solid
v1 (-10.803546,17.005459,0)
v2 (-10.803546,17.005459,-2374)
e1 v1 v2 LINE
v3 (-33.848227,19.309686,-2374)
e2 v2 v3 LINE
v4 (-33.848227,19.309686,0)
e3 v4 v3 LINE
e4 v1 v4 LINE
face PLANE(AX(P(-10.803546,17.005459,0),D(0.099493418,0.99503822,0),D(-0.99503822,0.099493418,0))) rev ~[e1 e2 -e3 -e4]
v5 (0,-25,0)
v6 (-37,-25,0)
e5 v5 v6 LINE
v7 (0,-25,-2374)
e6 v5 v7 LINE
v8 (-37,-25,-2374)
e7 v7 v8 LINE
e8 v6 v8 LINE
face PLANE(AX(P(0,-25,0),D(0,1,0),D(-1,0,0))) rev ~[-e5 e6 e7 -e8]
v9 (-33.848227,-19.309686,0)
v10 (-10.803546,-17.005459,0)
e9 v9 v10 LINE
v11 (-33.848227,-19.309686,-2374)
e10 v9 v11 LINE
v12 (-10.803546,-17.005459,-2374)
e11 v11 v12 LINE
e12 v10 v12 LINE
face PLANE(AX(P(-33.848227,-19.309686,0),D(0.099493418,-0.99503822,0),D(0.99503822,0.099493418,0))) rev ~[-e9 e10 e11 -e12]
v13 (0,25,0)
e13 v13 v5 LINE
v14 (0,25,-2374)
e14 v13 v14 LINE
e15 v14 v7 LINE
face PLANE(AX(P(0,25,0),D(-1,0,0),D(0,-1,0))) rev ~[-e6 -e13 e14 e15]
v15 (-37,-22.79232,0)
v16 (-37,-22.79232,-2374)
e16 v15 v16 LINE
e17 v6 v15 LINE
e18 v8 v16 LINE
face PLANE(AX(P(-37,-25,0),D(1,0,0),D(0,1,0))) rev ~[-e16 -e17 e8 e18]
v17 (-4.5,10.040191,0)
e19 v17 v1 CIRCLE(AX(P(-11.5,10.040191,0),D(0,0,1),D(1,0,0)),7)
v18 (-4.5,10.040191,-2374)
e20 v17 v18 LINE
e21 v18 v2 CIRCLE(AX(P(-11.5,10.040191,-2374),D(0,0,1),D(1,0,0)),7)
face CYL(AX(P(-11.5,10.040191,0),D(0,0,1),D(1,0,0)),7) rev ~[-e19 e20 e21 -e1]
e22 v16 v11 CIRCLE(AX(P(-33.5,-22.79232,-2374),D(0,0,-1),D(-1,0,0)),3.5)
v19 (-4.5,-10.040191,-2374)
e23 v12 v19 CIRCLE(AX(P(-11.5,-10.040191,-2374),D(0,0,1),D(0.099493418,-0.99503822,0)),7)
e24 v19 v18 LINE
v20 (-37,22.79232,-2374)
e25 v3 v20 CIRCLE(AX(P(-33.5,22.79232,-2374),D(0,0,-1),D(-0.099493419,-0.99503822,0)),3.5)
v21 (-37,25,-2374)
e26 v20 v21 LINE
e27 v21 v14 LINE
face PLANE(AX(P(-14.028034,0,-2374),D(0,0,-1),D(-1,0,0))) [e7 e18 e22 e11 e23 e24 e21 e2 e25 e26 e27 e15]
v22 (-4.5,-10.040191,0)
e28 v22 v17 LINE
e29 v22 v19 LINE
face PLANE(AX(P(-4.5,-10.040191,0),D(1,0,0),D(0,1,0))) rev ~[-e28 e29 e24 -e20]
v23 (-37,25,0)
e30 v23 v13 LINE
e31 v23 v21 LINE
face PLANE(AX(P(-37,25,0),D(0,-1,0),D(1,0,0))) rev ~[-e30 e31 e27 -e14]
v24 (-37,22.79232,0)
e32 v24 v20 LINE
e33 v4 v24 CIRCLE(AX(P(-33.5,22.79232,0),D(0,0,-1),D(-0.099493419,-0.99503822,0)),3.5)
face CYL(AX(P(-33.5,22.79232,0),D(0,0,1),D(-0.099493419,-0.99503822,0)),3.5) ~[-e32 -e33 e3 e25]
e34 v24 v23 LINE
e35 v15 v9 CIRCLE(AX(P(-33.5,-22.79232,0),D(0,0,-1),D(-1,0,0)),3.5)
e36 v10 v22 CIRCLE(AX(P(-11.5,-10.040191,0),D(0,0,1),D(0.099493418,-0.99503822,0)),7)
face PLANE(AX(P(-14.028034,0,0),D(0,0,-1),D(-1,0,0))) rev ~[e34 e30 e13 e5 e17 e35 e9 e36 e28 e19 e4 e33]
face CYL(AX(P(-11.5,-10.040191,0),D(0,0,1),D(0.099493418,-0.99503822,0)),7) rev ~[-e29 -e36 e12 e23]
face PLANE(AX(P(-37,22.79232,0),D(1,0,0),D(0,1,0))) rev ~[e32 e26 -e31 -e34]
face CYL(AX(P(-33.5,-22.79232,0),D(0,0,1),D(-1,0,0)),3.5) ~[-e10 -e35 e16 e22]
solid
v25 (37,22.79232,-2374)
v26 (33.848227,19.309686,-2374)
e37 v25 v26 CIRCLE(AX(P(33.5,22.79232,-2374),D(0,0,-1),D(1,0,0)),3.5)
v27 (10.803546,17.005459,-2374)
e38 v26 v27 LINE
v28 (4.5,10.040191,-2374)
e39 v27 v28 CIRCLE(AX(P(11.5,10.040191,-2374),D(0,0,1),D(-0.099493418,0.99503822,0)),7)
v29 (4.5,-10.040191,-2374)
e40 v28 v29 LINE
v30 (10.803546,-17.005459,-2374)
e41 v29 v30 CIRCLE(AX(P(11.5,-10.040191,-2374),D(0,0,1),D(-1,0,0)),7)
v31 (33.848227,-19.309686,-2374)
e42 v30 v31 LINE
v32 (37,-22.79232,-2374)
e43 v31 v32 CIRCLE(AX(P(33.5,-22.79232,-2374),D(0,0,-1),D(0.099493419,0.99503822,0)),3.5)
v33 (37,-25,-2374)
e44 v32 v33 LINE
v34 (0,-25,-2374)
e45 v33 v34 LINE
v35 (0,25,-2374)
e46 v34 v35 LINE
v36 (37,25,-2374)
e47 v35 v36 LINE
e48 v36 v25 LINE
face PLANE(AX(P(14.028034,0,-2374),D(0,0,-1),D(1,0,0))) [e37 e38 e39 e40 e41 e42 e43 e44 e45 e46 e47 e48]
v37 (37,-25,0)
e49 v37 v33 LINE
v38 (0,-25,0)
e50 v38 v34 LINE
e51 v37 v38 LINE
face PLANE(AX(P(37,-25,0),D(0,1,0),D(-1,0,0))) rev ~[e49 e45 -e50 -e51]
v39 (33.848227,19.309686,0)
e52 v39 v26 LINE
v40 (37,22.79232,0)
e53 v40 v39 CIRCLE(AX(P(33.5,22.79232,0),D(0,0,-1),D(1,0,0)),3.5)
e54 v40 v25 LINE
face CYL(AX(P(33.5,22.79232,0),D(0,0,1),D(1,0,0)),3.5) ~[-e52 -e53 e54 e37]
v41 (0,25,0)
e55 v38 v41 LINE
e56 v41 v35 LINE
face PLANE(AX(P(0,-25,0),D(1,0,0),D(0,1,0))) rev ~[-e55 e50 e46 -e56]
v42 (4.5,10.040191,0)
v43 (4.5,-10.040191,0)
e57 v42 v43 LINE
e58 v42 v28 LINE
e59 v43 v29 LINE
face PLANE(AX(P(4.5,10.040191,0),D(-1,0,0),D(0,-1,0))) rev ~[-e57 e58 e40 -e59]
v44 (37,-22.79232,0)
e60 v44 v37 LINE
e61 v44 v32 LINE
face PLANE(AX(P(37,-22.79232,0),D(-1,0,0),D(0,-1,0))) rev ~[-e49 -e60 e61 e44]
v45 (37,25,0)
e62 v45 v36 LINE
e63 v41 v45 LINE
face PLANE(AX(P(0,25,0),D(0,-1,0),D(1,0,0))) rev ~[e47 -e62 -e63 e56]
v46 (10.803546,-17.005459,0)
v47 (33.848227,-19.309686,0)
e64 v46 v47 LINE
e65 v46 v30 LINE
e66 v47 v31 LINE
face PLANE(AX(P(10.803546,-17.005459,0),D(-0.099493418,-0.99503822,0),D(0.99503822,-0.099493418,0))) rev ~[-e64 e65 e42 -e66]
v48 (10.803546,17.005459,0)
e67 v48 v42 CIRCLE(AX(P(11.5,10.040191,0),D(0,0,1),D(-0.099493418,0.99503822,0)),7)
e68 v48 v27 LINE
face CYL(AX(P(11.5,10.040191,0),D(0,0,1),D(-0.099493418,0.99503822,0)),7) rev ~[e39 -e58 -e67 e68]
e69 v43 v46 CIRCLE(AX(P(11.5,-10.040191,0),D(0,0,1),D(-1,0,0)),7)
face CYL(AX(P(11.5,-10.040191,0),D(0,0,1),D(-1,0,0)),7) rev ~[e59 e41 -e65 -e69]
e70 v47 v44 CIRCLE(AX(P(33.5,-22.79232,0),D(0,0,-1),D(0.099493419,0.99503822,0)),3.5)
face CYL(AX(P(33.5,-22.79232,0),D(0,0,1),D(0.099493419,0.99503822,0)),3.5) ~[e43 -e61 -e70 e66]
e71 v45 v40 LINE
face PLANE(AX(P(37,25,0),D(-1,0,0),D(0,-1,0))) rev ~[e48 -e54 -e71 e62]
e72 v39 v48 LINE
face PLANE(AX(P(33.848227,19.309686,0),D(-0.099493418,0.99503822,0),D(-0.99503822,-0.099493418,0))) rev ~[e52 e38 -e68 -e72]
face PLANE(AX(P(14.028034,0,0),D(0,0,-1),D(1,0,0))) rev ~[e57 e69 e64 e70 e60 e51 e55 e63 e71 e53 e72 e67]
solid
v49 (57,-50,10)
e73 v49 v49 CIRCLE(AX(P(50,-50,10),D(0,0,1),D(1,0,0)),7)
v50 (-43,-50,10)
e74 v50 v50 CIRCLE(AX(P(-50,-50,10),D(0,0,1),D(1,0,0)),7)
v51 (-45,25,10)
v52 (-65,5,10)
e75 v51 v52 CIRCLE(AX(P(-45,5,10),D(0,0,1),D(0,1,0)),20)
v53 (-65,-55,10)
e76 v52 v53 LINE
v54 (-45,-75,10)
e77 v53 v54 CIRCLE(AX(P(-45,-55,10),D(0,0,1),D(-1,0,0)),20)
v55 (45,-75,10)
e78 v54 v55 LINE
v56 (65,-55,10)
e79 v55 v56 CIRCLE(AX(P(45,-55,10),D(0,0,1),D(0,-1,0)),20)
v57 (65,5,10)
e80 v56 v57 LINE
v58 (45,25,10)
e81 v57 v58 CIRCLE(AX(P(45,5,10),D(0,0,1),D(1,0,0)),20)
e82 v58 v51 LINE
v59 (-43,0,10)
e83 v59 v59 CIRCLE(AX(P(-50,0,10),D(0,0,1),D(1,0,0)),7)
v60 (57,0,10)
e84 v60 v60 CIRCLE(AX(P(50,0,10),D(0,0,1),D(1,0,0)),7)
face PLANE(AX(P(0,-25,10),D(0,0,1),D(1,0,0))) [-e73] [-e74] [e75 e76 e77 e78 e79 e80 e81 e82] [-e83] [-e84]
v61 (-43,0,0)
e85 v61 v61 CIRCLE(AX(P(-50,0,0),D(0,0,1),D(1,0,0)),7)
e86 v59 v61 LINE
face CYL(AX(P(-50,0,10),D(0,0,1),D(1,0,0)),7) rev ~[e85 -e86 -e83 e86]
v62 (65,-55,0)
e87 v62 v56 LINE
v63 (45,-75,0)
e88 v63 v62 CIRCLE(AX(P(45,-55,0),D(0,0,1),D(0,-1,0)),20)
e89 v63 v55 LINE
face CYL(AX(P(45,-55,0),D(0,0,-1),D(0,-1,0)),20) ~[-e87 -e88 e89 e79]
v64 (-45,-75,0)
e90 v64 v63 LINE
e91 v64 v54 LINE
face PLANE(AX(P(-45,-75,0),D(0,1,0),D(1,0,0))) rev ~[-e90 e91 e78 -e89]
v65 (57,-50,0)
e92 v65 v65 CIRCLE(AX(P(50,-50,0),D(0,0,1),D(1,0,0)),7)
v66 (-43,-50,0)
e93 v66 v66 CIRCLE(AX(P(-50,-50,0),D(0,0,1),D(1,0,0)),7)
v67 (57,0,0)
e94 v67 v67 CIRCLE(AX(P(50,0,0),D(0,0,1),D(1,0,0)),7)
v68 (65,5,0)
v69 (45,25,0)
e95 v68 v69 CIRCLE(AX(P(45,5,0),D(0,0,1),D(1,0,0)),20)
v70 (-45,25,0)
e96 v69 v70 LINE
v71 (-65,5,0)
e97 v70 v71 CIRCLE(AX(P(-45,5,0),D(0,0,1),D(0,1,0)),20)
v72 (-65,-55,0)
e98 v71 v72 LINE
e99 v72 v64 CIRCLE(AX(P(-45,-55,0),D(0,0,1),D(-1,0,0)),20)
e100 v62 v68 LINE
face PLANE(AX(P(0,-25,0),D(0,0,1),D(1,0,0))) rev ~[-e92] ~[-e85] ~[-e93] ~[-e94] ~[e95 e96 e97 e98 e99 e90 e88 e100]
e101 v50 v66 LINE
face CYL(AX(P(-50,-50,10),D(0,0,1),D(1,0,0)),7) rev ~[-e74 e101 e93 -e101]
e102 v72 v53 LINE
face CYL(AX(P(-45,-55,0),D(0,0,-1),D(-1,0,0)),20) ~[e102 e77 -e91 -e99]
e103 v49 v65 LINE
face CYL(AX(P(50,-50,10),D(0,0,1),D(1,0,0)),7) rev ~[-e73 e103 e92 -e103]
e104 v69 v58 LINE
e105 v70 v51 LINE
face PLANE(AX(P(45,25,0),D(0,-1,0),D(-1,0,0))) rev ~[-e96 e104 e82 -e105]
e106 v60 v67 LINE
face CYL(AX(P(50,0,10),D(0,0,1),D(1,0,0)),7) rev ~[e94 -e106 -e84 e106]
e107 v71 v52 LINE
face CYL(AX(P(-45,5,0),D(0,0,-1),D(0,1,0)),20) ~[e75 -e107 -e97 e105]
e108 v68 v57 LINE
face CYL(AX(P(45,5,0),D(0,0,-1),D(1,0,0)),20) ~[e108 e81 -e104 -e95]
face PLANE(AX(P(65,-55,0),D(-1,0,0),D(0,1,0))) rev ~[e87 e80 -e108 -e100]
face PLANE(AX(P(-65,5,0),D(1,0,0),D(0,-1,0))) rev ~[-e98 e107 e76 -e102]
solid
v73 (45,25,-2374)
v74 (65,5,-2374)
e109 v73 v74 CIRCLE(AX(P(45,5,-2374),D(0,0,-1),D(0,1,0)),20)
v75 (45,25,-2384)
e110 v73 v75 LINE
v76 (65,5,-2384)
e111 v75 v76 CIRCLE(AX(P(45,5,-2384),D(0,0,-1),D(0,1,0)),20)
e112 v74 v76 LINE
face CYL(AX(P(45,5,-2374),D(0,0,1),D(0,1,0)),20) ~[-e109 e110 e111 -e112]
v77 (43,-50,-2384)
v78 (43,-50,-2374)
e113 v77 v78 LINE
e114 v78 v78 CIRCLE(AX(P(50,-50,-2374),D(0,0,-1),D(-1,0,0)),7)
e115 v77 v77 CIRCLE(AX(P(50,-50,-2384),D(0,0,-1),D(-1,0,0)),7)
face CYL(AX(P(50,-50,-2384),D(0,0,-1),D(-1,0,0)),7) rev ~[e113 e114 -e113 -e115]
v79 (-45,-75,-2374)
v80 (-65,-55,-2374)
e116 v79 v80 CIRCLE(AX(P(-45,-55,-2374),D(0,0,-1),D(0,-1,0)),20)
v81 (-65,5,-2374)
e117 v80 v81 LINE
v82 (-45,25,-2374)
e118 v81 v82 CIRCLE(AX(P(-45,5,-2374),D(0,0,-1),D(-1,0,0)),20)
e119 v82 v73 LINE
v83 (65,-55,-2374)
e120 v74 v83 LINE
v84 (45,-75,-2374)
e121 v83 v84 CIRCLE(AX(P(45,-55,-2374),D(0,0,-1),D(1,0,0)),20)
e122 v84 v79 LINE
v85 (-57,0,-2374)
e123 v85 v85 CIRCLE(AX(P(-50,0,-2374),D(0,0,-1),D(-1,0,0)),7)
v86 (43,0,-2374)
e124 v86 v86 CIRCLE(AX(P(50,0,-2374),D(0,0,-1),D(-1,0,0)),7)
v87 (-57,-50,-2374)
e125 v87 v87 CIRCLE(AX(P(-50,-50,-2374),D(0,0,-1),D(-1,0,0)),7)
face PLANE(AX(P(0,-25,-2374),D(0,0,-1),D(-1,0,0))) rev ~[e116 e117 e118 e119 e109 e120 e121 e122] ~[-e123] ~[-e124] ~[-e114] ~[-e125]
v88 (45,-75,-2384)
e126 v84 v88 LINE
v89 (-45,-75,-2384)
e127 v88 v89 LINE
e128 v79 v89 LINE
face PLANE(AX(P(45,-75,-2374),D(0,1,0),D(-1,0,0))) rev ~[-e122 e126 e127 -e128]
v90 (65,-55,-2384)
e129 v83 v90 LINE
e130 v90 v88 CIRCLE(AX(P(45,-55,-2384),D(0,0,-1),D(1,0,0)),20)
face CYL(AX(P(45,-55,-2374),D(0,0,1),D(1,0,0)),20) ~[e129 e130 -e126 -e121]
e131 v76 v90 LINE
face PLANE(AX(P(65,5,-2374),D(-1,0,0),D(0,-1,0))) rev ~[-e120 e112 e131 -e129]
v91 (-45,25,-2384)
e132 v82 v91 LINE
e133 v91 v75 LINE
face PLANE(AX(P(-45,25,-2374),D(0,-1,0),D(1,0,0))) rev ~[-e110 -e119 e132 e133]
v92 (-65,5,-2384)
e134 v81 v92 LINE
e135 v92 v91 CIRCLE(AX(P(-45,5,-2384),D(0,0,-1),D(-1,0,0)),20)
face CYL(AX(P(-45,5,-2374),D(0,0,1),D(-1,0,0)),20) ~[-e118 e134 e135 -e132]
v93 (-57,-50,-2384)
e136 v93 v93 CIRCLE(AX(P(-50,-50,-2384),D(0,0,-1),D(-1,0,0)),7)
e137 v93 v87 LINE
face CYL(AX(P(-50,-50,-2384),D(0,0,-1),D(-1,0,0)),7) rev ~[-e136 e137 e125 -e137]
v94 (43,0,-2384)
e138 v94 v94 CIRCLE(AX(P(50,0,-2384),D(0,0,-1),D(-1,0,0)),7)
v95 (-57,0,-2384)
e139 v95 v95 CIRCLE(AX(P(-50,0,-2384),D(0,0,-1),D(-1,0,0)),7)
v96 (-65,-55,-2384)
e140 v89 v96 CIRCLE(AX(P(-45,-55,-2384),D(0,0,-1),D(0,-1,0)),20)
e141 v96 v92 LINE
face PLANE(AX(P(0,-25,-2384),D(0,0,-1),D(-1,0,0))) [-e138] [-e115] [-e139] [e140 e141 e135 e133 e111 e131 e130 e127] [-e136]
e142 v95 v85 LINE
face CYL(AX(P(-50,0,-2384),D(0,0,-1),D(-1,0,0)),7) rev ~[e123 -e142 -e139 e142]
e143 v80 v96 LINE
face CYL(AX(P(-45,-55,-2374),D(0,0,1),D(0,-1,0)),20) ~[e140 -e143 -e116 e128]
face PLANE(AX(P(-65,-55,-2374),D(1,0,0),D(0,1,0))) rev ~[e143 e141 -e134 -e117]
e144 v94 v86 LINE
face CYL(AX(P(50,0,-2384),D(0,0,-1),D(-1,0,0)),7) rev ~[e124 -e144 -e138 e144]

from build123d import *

# Parameters (mm, degrees)
MEMBER_5_1_DEPTH    = 2374
MEMBER_5_2_DEPTH    = 2374
EXTRUDE_1_DEPTH     = 10
SKETCH_15_R         = 7
CUT_EXTRUDE_1_DEPTH = 10
EXTRUDE_2_DEPTH     = 10
SKETCH_17_R         = 7
CUT_EXTRUDE_2_DEPTH = 10


with BuildPart() as part:
    # 草图12 → Member 5_1 (new body)
    with BuildSketch(Plane(origin=(0, 0, 0), x_dir=(1, 0, 0), z_dir=(0, 0, -1))):
        with BuildLine():
            Line((0, -25), (37, -25))
            Line((37, -25), (37, -22.792319516))
            ThreePointArc((37, -22.792319516), (36.095071711, -20.443787461), (33.848226964, -19.309685745))
            Line((33.848226964, -19.309685745), (10.803546073, -17.005458605))
            ThreePointArc((10.803546073, -17.005458605), (6.309856578, -14.737255173), (4.5, -10.040191063))
            Line((4.5, -10.040191063), (4.5, 10.040191063))
            ThreePointArc((4.5, 10.040191063), (6.309856578, 14.737255173), (10.803546073, 17.005458605))
            Line((10.803546073, 17.005458605), (33.848226964, 19.309685745))
            ThreePointArc((33.848226964, 19.309685745), (36.095071711, 20.443787461), (37, 22.792319516))
            Line((37, 22.792319516), (37, 25))
            Line((37, 25), (0, 25))
            Line((0, 25), (0, -25))
        make_face()
    extrude(amount=MEMBER_5_1_DEPTH)


with BuildPart() as body_2:
    # 草图13 → Member 5_2 (new body)
    with BuildSketch(Plane(origin=(0, 0, 0), x_dir=(-1, 0, 0), z_dir=(0, 0, -1))):
        with BuildLine():
            Line((0, -25), (37, -25))
            Line((37, -25), (37, -22.792319516))
            ThreePointArc((37, -22.792319516), (36.095071711, -20.443787461), (33.848226964, -19.309685745))
            Line((33.848226964, -19.309685745), (10.803546073, -17.005458605))
            ThreePointArc((10.803546073, -17.005458605), (6.309856578, -14.737255173), (4.5, -10.040191063))
            Line((4.5, -10.040191063), (4.5, 10.040191063))
            ThreePointArc((4.5, 10.040191063), (6.309856578, 14.737255173), (10.803546073, 17.005458605))
            Line((10.803546073, 17.005458605), (33.848226964, 19.309685745))
            ThreePointArc((33.848226964, 19.309685745), (36.095071711, 20.443787461), (37, 22.792319516))
            Line((37, 22.792319516), (37, 25))
            Line((37, 25), (0, 25))
            Line((0, 25), (0, -25))
        make_face()
    extrude(amount=MEMBER_5_2_DEPTH)


with BuildPart() as body_3:
    # 草图14 → 凸台-拉伸1 (new body)
    with BuildSketch(Plane.XY):
        with BuildLine():
            Line((45, 25), (-45, 25))
            ThreePointArc((-45, 25), (-59.142135624, 19.142135624), (-65, 5))
            Line((-65, 5), (-65, -55))
            ThreePointArc((-65, -55), (-59.142135624, -69.142135624), (-45, -75))
            Line((-45, -75), (45, -75))
            ThreePointArc((45, -75), (59.142135624, -69.142135624), (65, -55))
            Line((65, -55), (65, 5))
            ThreePointArc((65, 5), (59.142135624, 19.142135624), (45, 25))
        make_face()
    extrude(amount=EXTRUDE_1_DEPTH)

    # 草图15 → 切除-拉伸1 (cut)
    with BuildSketch(Plane.XY.offset(10)):
        with Locations((-50, 0)):
            Circle(SKETCH_15_R)
        with Locations((-50, -50)):
            Circle(SKETCH_15_R)
        with Locations((50, 0)):
            Circle(SKETCH_15_R)
        with Locations((50, -50)):
            Circle(SKETCH_15_R)
    extrude(amount=-CUT_EXTRUDE_1_DEPTH, mode=Mode.SUBTRACT)


with BuildPart() as body_4:
    # 草图16 → 凸台-拉伸2 (new body)
    with BuildSketch(Plane(origin=(0, 0, -2374), x_dir=(-1, 0, 0), z_dir=(0, 0, -1))):
        with BuildLine():
            Line((-65, 5), (-65, -55))
            ThreePointArc((-65, -55), (-59.142135624, -69.142135624), (-45, -75))
            Line((-45, -75), (45, -75))
            ThreePointArc((45, -75), (59.142135624, -69.142135624), (65, -55))
            Line((65, -55), (65, 5))
            ThreePointArc((65, 5), (59.142135624, 19.142135624), (45, 25))
            Line((45, 25), (-45, 25))
            ThreePointArc((-45, 25), (-59.142135624, 19.142135624), (-65, 5))
        make_face()
    extrude(amount=EXTRUDE_2_DEPTH)

    # 草图17 → 切除-拉伸2 (cut)
    with BuildSketch(Plane(origin=(0, 0, -2384), x_dir=(-1, 0, 0), z_dir=(0, 0, -1))):
        with Locations((50, 0)):
            Circle(SKETCH_17_R)
        with Locations((50, -50)):
            Circle(SKETCH_17_R)
        with Locations((-50, -50)):
            Circle(SKETCH_17_R)
        with Locations((-50, 0)):
            Circle(SKETCH_17_R)
    extrude(amount=-CUT_EXTRUDE_2_DEPTH, mode=Mode.SUBTRACT)


solid = Compound([part.part, body_2.part, body_3.part, body_4.part])
